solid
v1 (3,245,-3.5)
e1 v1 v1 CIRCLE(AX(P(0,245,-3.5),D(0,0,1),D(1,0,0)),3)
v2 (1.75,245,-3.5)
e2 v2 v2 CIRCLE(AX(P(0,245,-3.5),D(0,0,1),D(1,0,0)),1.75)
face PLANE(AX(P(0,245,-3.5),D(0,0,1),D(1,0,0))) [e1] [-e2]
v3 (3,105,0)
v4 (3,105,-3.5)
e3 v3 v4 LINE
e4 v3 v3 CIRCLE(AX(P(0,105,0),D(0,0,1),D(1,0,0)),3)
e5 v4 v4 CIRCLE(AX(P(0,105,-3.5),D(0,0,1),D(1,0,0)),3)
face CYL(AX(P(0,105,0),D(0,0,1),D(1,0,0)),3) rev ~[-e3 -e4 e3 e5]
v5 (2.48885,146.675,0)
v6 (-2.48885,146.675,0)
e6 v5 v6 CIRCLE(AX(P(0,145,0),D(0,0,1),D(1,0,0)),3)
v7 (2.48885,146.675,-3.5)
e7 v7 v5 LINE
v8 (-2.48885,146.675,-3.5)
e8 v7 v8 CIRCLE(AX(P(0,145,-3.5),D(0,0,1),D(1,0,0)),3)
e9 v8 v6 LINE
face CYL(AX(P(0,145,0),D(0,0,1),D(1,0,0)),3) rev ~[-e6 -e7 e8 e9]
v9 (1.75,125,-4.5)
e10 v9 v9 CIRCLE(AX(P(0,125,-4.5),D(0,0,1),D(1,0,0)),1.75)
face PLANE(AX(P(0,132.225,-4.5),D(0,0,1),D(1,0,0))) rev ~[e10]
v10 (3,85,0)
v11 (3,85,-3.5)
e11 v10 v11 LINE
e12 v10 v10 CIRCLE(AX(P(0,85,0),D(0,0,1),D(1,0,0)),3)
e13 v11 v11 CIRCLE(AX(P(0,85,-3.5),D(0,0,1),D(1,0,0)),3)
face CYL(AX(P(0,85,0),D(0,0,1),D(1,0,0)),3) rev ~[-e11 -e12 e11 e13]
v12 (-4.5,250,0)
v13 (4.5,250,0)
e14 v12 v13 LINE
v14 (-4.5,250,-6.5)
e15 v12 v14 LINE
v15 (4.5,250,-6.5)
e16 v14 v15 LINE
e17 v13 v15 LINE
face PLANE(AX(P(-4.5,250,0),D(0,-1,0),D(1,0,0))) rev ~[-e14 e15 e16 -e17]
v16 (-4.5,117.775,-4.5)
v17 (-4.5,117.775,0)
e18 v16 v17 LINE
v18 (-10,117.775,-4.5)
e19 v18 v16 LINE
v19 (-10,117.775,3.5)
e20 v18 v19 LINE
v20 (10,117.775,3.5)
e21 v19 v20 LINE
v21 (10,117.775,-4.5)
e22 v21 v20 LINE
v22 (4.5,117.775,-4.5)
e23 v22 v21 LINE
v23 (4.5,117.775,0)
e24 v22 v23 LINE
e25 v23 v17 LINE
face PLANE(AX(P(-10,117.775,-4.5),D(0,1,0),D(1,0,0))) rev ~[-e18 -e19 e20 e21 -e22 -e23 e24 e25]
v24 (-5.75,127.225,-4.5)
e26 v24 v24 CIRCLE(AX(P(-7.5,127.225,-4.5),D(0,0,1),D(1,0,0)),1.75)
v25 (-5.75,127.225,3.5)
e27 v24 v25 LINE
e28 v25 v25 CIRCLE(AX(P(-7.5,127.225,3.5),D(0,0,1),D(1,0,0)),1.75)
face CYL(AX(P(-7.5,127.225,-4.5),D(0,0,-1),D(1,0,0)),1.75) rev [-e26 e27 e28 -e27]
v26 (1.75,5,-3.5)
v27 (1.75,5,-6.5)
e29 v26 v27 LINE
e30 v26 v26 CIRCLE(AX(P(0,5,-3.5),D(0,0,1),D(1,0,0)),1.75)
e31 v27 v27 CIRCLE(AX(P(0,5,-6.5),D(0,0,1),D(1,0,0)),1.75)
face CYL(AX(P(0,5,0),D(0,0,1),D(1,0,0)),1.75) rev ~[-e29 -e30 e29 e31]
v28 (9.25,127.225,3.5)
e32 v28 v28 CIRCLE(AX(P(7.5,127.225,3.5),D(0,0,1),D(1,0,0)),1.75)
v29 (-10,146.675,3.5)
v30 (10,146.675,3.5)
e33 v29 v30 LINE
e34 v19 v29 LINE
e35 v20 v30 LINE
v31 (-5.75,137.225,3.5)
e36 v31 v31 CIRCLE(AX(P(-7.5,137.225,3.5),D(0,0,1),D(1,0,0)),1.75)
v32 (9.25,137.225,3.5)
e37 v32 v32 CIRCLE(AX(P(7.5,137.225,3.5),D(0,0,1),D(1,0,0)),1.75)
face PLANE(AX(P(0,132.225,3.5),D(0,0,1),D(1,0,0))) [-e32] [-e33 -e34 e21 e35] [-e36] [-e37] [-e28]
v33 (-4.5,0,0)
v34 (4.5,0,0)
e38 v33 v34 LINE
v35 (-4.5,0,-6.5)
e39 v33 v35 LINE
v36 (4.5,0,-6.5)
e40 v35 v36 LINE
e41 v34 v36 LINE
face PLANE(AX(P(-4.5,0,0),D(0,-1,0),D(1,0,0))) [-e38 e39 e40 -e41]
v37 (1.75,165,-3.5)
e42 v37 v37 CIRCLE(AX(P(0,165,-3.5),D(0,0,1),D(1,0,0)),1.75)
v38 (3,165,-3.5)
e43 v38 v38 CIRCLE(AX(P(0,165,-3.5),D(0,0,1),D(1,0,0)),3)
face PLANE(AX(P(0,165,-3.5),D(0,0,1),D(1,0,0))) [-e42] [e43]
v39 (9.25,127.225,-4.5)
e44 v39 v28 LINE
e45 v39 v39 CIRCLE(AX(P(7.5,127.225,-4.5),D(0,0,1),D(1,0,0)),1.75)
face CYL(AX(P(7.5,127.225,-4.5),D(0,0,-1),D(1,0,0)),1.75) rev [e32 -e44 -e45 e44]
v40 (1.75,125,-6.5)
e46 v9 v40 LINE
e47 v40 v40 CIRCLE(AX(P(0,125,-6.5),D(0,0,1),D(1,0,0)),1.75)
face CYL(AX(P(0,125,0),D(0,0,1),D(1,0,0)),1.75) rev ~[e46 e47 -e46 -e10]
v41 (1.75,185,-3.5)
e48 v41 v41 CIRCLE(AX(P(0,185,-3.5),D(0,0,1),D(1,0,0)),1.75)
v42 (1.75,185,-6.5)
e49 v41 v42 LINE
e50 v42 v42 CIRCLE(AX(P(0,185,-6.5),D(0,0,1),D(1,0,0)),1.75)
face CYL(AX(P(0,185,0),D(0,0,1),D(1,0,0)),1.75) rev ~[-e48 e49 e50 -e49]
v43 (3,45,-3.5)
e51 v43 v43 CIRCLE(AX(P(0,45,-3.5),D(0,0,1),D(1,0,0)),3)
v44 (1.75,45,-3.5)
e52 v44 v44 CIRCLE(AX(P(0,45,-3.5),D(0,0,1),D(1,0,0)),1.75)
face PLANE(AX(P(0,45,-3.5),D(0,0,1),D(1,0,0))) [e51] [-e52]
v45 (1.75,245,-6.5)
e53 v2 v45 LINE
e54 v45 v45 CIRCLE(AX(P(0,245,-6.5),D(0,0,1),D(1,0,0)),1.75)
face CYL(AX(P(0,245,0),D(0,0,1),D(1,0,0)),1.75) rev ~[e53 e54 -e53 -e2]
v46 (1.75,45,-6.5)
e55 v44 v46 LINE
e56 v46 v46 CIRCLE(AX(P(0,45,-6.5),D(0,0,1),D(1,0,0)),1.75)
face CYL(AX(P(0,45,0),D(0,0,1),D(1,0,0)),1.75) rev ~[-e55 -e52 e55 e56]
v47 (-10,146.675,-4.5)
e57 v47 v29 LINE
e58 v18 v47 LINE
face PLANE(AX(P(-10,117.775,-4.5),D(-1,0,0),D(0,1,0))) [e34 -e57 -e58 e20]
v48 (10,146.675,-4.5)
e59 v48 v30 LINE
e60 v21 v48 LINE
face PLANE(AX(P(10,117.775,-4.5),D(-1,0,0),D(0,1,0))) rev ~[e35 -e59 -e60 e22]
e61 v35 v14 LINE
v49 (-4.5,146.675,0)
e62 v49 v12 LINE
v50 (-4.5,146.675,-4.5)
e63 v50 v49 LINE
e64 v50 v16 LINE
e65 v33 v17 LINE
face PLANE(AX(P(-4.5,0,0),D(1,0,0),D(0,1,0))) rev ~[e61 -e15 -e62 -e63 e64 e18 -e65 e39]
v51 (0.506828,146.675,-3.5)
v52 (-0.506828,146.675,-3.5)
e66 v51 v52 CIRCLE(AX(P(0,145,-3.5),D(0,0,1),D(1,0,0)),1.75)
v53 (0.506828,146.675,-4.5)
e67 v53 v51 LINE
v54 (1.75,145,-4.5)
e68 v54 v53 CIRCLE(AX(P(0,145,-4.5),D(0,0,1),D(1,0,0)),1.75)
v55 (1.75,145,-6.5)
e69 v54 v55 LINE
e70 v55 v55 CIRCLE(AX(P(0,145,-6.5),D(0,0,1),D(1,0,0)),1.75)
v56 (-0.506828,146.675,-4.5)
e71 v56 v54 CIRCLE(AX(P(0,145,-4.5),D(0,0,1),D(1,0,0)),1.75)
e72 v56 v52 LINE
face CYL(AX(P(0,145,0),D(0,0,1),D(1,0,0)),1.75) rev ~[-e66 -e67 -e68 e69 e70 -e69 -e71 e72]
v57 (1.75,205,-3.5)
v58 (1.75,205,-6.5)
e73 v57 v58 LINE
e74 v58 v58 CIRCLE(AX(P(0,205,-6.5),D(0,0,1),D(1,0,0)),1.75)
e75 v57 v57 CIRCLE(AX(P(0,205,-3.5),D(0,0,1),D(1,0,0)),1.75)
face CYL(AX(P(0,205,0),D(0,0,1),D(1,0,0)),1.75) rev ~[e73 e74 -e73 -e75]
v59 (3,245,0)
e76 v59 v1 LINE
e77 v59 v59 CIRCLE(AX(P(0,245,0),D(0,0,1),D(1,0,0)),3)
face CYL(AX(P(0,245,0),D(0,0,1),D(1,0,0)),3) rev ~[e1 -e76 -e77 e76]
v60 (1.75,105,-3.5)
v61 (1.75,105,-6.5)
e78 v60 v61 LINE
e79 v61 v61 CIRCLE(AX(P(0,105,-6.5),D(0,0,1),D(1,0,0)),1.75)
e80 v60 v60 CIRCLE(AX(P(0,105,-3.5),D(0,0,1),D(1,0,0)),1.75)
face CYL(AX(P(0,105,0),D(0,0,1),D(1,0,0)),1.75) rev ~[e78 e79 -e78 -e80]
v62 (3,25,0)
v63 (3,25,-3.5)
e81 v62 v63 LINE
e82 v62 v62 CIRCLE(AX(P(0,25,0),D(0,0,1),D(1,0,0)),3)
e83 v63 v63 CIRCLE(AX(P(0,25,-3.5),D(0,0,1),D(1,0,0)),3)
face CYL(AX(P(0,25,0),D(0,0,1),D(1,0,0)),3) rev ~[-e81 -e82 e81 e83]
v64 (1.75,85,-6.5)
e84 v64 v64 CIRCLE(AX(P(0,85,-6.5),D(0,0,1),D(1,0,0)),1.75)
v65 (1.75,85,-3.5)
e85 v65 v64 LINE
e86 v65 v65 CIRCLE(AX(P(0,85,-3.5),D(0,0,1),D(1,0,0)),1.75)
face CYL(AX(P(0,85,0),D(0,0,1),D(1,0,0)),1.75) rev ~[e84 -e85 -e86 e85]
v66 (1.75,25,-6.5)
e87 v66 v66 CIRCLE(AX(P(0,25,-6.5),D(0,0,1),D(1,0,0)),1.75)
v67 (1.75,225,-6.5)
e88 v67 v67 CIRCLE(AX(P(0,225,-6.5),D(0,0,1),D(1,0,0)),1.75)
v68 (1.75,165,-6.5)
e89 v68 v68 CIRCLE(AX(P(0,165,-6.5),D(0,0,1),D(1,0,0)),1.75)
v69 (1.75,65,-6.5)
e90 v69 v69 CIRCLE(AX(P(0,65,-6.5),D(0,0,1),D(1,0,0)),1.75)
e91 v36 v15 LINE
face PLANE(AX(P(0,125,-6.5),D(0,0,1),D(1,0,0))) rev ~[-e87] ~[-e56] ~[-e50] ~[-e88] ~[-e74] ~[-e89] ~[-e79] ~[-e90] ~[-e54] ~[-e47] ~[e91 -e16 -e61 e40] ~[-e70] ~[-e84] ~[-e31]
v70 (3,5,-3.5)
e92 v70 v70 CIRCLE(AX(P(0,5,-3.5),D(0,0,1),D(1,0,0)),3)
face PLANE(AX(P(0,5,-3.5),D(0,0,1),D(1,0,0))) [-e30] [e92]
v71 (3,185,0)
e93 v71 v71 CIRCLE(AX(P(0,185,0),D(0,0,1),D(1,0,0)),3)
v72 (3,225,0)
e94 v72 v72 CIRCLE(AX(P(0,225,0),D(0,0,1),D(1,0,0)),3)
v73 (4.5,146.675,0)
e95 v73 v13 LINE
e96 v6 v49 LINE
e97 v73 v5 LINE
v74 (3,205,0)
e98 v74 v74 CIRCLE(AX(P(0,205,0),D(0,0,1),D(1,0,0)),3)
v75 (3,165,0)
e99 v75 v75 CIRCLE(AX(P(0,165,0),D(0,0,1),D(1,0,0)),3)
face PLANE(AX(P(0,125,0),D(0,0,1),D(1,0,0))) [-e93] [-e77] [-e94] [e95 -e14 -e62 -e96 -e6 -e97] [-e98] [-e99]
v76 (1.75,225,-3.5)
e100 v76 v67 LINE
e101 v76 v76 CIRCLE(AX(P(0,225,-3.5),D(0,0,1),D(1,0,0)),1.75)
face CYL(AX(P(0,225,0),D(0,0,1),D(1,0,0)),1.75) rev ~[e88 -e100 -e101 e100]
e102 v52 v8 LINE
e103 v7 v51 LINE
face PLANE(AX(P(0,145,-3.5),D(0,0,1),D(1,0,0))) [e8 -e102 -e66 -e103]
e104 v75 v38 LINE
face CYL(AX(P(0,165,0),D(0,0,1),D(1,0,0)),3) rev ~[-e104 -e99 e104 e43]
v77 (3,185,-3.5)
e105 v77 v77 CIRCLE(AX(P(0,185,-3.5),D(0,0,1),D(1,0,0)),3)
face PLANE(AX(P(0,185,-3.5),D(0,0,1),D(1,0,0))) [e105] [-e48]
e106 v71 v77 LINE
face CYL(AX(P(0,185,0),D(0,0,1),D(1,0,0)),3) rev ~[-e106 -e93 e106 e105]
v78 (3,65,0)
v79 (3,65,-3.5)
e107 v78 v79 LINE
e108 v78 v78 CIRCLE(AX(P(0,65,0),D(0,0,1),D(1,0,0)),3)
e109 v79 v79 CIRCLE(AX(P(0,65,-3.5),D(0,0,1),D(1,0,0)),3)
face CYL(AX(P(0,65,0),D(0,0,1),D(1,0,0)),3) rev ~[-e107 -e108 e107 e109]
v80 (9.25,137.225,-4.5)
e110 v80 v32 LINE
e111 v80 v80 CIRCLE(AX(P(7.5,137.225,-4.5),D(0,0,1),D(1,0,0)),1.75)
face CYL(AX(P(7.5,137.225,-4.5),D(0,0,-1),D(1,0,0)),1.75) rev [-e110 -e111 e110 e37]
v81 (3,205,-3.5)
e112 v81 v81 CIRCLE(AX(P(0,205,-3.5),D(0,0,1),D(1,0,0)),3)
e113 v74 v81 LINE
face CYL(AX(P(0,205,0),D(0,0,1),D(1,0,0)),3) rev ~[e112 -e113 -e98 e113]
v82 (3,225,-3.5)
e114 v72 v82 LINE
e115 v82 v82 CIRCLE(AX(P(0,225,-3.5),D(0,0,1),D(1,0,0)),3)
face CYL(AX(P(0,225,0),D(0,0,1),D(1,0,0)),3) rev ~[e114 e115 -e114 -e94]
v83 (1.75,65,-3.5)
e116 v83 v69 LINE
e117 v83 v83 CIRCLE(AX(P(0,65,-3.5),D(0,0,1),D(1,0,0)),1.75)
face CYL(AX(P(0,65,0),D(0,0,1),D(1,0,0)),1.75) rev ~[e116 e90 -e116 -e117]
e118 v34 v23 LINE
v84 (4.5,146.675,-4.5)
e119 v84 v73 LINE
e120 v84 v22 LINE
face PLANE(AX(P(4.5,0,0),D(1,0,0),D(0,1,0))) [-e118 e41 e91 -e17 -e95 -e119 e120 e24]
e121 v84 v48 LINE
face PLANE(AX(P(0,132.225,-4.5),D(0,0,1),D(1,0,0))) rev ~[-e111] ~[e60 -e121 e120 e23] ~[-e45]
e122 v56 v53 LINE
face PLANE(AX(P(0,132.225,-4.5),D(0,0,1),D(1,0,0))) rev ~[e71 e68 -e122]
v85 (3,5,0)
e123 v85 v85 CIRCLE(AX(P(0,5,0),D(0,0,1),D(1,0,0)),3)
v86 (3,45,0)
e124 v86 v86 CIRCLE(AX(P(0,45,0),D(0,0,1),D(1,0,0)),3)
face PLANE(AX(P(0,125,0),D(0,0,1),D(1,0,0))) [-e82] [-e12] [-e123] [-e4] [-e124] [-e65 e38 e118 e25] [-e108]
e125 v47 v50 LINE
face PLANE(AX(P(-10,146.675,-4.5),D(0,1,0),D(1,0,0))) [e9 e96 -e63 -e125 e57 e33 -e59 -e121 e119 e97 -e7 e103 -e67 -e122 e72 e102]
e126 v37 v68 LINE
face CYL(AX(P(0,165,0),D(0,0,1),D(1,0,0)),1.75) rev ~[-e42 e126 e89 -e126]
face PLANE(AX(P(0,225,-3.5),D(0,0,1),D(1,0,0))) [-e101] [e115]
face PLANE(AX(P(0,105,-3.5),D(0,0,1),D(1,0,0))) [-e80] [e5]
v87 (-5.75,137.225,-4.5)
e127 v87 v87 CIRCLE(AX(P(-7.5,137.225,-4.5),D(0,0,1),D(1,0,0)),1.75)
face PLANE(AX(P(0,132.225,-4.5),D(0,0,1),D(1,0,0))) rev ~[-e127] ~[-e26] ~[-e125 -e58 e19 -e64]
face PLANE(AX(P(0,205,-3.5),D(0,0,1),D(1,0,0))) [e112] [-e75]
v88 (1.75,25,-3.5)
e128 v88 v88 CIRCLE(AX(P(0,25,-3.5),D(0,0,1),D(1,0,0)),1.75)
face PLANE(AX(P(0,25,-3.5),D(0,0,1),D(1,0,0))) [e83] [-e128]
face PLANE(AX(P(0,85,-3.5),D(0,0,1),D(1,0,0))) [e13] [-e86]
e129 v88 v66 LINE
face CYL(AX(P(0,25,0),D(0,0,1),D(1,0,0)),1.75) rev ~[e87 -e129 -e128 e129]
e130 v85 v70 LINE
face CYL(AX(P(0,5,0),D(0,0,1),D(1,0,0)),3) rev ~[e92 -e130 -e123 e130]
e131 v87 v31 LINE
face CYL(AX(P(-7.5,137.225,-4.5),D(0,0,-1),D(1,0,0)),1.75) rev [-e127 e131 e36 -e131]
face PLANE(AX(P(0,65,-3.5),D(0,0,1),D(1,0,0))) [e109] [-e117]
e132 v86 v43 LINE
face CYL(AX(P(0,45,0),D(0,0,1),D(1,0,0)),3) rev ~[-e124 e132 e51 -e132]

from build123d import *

# Parameters (mm, degrees)
SKETCH_W               = 9
SKETCH_H               = 250
PAD_DEPTH              = 6.5
SKETCH001_R            = 1.75
POCKET_DEPTH           = 6.5
LINEARPATTERN_COUNT    = 13
LINEARPATTERN_PITCH    = 20
SKETCH002_R            = 3
POCKET001_DEPTH        = 3.5
LINEARPATTERN001_COUNT = 13
LINEARPATTERN001_PITCH = 20
SKETCH005_W            = 20
SKETCH005_H            = 28.9
SKETCH005_R            = 1.75
PAD002_DEPTH           = 8


with BuildPart() as part:
    # Sketch → Pad (new body)
    with BuildSketch(Plane.XY):
        with Locations((0, 125)):
            Rectangle(SKETCH_W, SKETCH_H)
    extrude(amount=-PAD_DEPTH)

    # Sketch001 → Pocket (cut)
    with BuildSketch(Plane.XY):
        with Locations((0, 5)):
            Circle(SKETCH001_R)
    pocket = extrude(amount=-POCKET_DEPTH, mode=Mode.SUBTRACT)

    # LinearPattern: Pocket ×13
    with Locations(*[(0, i * LINEARPATTERN_PITCH, 0) for i in range(1, LINEARPATTERN_COUNT)]):
        add(pocket, mode=Mode.SUBTRACT)

    # Sketch002 → Pocket001 (cut)
    with BuildSketch(Plane.XY):
        with Locations((0, 5)):
            Circle(SKETCH002_R)
    pocket001 = extrude(amount=-POCKET001_DEPTH, mode=Mode.SUBTRACT)

    # LinearPattern001: Pocket001 ×13
    with Locations(*[(0, i * LINEARPATTERN001_PITCH, 0) for i in range(1, LINEARPATTERN001_COUNT)]):
        add(pocket001, mode=Mode.SUBTRACT)

    # Sketch005 → Pad002 (join)
    with BuildSketch(Plane.XY.offset(-4.5)):
        with Locations((0, 132.225)):
            Rectangle(SKETCH005_W, SKETCH005_H)
        with Locations((-7.5, 137.225)):
            Circle(SKETCH005_R, mode=Mode.SUBTRACT)
        with Locations((7.5, 137.225)):
            Circle(SKETCH005_R, mode=Mode.SUBTRACT)
        with Locations((7.5, 127.225)):
            Circle(SKETCH005_R, mode=Mode.SUBTRACT)
        with Locations((-7.5, 127.225)):
            Circle(SKETCH005_R, mode=Mode.SUBTRACT)
    extrude(amount=PAD002_DEPTH)


solid = part.part
